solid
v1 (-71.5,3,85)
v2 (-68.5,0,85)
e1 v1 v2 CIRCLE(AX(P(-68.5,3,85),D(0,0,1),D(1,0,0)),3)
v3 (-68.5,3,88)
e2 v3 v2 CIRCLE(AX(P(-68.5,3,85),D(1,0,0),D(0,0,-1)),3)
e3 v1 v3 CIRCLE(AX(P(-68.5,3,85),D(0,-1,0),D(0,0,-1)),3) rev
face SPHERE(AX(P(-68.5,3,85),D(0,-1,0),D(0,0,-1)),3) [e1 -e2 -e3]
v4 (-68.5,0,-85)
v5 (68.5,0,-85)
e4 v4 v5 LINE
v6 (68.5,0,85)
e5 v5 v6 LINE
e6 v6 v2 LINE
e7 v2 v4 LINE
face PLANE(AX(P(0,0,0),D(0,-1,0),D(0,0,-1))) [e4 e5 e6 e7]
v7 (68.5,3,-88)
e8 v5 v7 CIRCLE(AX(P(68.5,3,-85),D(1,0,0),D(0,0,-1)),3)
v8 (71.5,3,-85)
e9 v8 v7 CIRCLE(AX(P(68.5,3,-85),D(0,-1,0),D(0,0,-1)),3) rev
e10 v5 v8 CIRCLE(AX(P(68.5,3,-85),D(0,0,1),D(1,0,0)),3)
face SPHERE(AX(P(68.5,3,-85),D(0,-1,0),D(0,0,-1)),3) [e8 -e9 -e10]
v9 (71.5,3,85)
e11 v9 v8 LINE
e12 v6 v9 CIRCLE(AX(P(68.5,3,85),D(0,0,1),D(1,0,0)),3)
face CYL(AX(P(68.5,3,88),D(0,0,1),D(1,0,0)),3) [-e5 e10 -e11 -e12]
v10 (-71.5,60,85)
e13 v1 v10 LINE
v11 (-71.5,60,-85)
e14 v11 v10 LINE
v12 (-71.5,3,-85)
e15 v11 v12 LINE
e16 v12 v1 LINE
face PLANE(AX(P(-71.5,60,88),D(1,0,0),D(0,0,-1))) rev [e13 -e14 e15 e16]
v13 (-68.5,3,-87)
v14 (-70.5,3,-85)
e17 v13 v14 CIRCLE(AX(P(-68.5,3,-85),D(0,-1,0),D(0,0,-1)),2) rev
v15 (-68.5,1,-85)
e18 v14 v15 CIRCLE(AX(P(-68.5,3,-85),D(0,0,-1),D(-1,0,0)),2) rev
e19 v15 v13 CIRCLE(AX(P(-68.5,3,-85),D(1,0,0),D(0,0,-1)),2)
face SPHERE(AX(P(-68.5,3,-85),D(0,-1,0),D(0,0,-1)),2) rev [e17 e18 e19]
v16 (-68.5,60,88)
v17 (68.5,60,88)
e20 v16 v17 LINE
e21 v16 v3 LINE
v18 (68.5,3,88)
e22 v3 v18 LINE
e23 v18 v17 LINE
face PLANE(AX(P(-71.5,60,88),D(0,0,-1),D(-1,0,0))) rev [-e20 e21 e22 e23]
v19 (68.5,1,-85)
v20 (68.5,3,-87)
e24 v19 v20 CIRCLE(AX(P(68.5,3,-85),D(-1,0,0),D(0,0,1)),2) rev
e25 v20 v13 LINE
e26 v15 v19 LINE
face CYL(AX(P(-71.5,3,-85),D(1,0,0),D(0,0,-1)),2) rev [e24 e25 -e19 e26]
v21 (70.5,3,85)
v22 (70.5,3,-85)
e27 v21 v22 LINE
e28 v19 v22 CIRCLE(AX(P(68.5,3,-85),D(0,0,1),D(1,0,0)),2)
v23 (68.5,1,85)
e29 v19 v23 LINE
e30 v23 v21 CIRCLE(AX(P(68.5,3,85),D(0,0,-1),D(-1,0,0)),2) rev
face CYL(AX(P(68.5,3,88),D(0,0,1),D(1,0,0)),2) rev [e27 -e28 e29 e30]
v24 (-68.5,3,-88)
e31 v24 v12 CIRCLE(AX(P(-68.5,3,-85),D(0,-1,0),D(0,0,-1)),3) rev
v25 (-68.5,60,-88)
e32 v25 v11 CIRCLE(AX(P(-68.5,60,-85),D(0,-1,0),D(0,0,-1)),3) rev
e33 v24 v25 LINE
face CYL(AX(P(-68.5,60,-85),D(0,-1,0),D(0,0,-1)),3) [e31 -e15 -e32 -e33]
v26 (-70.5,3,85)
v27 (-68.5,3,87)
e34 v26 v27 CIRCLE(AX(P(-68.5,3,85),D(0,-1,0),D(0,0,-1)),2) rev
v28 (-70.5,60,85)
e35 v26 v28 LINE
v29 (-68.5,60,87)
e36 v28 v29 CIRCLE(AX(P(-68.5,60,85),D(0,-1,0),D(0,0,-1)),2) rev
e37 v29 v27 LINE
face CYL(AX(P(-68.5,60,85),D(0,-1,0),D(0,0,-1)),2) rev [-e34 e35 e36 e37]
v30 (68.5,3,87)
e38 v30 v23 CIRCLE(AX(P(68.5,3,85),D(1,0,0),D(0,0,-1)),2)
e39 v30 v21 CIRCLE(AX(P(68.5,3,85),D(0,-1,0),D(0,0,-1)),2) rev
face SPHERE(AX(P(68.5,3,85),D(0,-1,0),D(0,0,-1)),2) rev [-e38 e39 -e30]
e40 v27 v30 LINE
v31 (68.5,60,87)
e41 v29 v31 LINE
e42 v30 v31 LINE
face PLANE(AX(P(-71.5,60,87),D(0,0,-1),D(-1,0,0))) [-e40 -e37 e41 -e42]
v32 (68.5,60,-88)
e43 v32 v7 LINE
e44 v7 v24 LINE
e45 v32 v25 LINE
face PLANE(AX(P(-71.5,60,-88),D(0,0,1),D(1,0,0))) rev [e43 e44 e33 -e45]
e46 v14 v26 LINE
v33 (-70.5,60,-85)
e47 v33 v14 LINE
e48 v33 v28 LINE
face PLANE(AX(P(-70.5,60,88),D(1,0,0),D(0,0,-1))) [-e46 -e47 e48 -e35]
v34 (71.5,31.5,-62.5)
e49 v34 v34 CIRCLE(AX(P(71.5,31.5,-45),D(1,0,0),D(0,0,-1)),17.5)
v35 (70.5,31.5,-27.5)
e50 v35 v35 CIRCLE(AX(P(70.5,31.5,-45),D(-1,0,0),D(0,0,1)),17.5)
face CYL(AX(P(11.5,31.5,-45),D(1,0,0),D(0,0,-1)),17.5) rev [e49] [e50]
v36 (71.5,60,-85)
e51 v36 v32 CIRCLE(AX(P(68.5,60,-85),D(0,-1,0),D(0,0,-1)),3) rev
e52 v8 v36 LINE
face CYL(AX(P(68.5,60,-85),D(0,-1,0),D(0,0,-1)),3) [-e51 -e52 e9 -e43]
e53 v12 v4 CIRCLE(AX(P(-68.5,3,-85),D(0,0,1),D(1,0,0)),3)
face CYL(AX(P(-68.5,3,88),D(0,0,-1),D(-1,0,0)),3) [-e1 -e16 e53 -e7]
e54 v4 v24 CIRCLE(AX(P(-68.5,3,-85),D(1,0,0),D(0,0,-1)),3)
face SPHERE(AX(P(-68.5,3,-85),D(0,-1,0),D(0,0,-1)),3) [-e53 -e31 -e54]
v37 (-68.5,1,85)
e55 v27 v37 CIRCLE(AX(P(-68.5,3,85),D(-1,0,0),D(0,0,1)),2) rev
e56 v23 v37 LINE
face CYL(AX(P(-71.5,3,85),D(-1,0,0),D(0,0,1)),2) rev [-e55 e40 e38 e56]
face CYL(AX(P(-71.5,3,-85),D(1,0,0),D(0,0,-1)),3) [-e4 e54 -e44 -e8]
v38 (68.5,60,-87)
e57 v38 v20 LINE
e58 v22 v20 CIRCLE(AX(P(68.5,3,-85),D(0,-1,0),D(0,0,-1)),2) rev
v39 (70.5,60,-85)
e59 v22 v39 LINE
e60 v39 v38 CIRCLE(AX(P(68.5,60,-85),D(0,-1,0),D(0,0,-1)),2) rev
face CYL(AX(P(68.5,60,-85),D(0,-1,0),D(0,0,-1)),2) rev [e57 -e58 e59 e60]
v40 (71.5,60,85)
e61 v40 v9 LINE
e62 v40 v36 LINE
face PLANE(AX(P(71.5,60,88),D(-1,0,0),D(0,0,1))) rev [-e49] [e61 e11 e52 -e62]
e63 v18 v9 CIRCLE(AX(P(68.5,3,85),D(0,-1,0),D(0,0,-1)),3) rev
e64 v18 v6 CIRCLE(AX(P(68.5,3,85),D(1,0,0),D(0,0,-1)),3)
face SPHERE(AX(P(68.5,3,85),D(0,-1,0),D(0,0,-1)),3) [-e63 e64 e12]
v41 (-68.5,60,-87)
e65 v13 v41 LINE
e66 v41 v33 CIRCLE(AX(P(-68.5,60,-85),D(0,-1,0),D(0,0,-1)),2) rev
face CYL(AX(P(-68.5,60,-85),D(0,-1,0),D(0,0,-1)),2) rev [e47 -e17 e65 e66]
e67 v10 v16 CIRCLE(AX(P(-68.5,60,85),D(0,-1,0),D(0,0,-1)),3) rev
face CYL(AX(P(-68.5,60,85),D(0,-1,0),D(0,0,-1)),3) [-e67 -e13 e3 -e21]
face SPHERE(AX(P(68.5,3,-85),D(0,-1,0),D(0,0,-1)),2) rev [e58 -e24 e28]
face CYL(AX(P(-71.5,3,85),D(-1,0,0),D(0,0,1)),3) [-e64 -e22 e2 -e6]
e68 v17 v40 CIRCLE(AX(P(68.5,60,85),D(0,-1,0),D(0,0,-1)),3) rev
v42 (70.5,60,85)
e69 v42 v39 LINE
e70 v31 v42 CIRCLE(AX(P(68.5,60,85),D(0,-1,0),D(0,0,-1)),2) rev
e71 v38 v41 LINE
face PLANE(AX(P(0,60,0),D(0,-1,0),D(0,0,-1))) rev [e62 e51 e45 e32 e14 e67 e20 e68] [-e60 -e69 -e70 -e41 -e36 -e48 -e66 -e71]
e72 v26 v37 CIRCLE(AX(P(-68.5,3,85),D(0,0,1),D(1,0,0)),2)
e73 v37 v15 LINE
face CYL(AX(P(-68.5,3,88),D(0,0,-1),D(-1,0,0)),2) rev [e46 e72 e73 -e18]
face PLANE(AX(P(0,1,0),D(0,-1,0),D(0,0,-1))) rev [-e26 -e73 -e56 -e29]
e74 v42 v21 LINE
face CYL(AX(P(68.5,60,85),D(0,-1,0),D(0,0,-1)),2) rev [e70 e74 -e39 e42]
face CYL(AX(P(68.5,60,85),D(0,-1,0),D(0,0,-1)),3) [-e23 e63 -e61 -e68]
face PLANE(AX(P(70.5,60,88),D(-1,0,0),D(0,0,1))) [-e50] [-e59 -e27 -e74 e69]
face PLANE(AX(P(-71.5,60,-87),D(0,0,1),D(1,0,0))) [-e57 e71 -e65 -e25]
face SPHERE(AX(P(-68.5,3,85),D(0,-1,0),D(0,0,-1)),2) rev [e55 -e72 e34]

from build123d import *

# Parameters (mm, degrees)
SKETCH1_W           = 143
SKETCH1_H           = 176
BOSS_EXTRUDE1_DEPTH = 60
FILLET1_R           = 3
FILLET2_R           = 3
SHELL1_T            = -1
SKETCH2_R           = 17.5
CUT_EXTRUDE1_DEPTH  = 60


with BuildPart() as part:
    # Sketch1 → Boss-Extrude1 (new body)
    with BuildSketch(Plane(origin=(0, 0, 0), x_dir=(1, 0, 0), z_dir=(0, 1, 0))):
        Rectangle(SKETCH1_W, SKETCH1_H)
    extrude(amount=BOSS_EXTRUDE1_DEPTH)

    # Fillet1
    fillet1_edges = [part.edges().sort_by_distance(p)[0] for p in [
        (71.5, 30, 88),
        (-71.5, 30, 88),
        (-71.5, 30, -88),
        (71.5, 30, -88),
    ]]
    fillet(fillet1_edges, radius=FILLET1_R)

    # Fillet2
    fillet2_edges = [part.edges().sort_by_distance(p)[0] for p in [
        (0, 0, 88),
        (71.5, 0, 0),
        (-71.5, 0, 0),
        (0, 0, -88),
        (-70.621320344, 0, -87.121320344),
        (70.621320344, 0, -87.121320344),
        (70.621320344, 0, 87.121320344),
        (-70.621320344, 0, 87.121320344),
    ]]
    fillet(fillet2_edges, radius=FILLET2_R)

    # Shell1
    shell1_openings = [part.faces().sort_by_distance(p)[0] for p in [
        (0, 60, 0),
    ]]
    offset(amount=SHELL1_T, openings=shell1_openings, kind=Kind.INTERSECTION)

    # Sketch2 → Cut-Extrude1 (cut)
    with BuildSketch(Plane(origin=(71.5, 0, 0), x_dir=(0, 0, -1), z_dir=(1, 0, 0))):
        with Locations((45, 31.5)):
            Circle(SKETCH2_R)
    extrude(amount=-CUT_EXTRUDE1_DEPTH, mode=Mode.SUBTRACT)


solid = part.part
